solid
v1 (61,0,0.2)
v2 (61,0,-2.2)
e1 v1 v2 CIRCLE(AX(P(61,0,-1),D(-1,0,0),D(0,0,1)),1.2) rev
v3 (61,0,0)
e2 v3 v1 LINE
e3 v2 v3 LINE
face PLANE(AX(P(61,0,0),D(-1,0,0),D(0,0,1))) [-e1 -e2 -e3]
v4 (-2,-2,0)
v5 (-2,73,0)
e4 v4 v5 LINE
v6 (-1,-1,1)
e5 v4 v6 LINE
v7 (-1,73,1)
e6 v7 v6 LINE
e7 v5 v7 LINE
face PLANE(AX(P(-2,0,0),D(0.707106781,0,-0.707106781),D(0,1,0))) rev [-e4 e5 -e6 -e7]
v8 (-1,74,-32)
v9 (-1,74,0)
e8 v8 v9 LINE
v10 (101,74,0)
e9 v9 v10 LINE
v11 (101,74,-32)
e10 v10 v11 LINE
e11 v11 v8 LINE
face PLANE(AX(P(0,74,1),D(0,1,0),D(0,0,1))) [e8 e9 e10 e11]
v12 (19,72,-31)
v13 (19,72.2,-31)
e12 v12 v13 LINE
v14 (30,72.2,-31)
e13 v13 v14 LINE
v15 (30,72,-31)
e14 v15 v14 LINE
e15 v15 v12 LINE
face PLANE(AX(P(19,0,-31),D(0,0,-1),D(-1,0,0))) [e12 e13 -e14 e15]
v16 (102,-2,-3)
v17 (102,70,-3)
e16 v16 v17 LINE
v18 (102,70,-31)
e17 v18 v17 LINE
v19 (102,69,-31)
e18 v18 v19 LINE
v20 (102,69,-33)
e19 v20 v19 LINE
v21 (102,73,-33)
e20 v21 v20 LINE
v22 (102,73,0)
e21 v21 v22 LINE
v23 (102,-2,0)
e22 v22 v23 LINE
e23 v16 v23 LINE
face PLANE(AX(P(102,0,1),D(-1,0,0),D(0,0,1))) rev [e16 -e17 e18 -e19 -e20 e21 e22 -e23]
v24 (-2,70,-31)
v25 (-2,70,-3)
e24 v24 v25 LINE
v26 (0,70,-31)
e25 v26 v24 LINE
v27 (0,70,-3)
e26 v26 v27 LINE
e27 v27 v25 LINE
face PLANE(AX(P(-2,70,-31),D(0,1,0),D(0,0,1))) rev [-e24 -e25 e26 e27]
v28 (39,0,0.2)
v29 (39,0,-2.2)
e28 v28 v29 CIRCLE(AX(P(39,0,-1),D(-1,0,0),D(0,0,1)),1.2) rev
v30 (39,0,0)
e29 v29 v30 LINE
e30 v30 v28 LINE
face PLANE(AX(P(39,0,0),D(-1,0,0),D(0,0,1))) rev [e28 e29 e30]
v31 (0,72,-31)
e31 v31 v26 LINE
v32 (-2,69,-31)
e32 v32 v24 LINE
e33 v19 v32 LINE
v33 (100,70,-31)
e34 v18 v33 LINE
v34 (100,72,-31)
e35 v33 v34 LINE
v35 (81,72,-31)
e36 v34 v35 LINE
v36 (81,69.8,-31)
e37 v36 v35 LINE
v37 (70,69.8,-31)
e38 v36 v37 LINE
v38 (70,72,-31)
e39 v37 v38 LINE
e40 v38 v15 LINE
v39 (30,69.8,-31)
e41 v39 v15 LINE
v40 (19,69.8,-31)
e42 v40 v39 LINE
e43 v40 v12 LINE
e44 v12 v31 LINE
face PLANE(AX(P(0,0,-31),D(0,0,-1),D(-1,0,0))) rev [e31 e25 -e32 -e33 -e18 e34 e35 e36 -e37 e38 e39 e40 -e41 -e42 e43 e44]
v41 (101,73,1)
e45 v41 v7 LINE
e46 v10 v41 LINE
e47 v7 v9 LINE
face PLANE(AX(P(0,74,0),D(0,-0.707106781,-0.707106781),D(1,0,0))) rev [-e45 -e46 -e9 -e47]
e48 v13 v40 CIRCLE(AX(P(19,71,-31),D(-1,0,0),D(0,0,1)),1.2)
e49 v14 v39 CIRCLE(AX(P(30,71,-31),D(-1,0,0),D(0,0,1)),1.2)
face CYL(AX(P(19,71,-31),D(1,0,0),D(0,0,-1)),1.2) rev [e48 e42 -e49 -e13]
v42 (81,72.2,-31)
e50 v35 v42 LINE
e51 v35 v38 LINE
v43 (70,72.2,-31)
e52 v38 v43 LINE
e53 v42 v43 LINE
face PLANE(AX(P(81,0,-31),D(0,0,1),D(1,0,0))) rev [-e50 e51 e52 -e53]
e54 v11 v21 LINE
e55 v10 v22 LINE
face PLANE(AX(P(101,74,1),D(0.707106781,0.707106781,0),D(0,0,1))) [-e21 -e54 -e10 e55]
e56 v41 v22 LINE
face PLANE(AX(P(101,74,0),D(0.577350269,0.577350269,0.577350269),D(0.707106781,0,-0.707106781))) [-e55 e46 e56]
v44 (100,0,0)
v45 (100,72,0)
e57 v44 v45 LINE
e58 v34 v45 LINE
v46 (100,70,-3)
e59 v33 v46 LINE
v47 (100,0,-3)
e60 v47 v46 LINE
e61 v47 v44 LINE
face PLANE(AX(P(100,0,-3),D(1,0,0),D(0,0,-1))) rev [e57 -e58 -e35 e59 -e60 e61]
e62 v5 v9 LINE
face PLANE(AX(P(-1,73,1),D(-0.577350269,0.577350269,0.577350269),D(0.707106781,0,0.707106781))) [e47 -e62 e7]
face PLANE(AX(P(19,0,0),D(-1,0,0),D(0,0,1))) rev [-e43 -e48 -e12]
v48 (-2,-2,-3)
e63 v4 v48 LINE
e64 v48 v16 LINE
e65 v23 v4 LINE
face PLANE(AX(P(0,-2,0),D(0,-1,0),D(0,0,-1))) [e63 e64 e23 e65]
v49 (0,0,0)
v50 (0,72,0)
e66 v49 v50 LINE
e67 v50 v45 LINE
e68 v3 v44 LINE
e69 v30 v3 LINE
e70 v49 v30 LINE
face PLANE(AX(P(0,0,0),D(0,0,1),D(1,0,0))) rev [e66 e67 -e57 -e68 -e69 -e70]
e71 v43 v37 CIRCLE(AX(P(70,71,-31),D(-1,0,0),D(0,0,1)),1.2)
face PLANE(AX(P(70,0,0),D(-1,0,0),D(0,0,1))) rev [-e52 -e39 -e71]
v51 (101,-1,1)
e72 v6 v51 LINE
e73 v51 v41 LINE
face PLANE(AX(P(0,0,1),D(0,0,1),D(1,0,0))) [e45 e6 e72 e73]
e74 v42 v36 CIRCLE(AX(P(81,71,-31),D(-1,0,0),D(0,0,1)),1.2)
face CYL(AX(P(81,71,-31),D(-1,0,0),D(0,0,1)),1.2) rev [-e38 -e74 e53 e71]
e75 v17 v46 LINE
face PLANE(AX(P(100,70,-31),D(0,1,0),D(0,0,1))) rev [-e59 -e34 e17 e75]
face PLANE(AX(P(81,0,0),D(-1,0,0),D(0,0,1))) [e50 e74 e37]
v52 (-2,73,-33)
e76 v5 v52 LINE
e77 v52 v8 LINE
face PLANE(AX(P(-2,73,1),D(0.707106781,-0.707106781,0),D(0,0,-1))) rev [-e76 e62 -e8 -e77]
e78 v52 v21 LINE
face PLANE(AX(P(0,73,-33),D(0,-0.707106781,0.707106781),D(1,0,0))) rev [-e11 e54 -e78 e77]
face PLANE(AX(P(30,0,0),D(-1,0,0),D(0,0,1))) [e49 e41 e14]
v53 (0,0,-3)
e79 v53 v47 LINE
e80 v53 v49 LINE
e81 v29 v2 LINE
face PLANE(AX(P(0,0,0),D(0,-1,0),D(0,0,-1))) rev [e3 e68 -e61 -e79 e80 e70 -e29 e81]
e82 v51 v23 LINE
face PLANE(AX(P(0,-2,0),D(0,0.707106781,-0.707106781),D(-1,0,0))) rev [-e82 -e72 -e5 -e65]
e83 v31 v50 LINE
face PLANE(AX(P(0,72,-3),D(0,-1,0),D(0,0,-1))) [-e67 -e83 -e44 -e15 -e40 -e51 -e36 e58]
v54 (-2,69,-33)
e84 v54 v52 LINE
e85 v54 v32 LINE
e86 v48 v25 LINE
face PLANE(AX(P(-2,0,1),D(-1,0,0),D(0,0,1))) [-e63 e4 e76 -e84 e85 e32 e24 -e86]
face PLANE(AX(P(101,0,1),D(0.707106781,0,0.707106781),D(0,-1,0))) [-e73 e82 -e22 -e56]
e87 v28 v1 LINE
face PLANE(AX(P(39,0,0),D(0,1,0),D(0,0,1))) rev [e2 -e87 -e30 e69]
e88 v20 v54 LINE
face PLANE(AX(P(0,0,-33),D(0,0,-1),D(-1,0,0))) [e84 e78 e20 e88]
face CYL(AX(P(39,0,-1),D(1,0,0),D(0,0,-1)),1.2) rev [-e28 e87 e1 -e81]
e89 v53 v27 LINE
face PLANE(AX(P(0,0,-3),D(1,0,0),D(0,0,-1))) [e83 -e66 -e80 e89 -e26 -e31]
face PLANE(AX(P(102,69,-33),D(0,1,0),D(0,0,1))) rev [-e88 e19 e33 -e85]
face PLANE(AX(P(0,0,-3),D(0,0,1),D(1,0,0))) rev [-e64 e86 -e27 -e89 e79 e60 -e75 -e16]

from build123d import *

# Parameters (mm, degrees)
SKETCH1_W               = 104
SKETCH1_H               = 74
BOSS_EXTRUDE1_DEPTH     = 1
BOSS_EXTRUDE2_DEPTH     = 3
BOSS_EXTRUDE3_DEPTH     = 28
SKETCH3_W               = 104
SKETCH3_H               = 4
BOSS_EXTRUDE4_DEPTH     = 2
CUT_EXTRUDE1_DEPTH      = 11
CUT_EXTRUDE1_DEPTH_BACK = 11
CUT_EXTRUDE1_START      = -52
SKETCH5_W               = 104
SKETCH5_H               = 5
BOSS_EXTRUDE6_DEPTH     = 2
CUT_EXTRUDE2_START      = -32
CUT_EXTRUDE2_DEPTH      = 11
CUT_EXTRUDE3_START      = -83
CUT_EXTRUDE3_DEPTH      = 11
CHAMFER2_SIZE           = 1


with BuildPart() as part:
    # Sketch1 → Boss-Extrude1 (new body)
    with BuildSketch(Plane.XY):
        with Locations((50, 37)):
            Rectangle(SKETCH1_W, SKETCH1_H)
    extrude(amount=BOSS_EXTRUDE1_DEPTH)

    # Sketch1<3> → Boss-Extrude2 (add)
    with BuildSketch(Plane.XY):
        Polygon((-2, 74), (-2, 0), (0, 0), (0, 72), (100, 72), (100, 0), (102, 0), (102, 74), align=None)
    extrude(amount=-BOSS_EXTRUDE2_DEPTH)

    # Sketch2 → Boss-Extrude3 (add)
    with BuildSketch(Plane(origin=(0, 0, -3), x_dir=(-1, 0, 0), z_dir=(0, 0, -1))):
        Polygon((-102, 74), (2, 74), (2, 70), (0, 70), (0, 72), (-100, 72), (-100, 70), (-102, 70), align=None)
    extrude(amount=BOSS_EXTRUDE3_DEPTH)

    # Sketch3 → Boss-Extrude4 (add)
    with BuildSketch(Plane.XZ):
        with Locations((50, -1)):
            Rectangle(SKETCH3_W, SKETCH3_H)
    extrude(amount=BOSS_EXTRUDE4_DEPTH)

    # Sketch4 → Cut-Extrude1 (cut, two sides: drawn at the far end of the back side and taken through both)
    with BuildSketch(Plane.ZY.offset(2).offset(CUT_EXTRUDE1_START - CUT_EXTRUDE1_DEPTH_BACK)):
        with BuildLine():
            Line((0.2, 0), (-2.2, 0))
            ThreePointArc((-2.2, 0), (-1, -1.2), (0.2, 0))
        make_face()
    extrude(amount=CUT_EXTRUDE1_DEPTH + CUT_EXTRUDE1_DEPTH_BACK, mode=Mode.SUBTRACT)

    # Sketch5 → Boss-Extrude6 (add)
    with BuildSketch(Plane(origin=(0, 0, -31), x_dir=(-1, 0, 0), z_dir=(0, 0, -1))):
        with Locations((-50, 71.5)):
            Rectangle(SKETCH5_W, SKETCH5_H)
    extrude(amount=BOSS_EXTRUDE6_DEPTH)

    # Sketch6 → Cut-Extrude2 (cut)
    with BuildSketch(Plane.ZY.offset(2).offset(CUT_EXTRUDE2_START)):
        with BuildLine():
            ThreePointArc((-31, 72.2), (-32.2, 71), (-31, 69.8))
            Line((-31, 69.8), (-31, 72.2))
        make_face()
    extrude(amount=CUT_EXTRUDE2_DEPTH, mode=Mode.SUBTRACT)

    # Sketch6<3> → Cut-Extrude3 (cut)
    with BuildSketch(Plane.ZY.offset(2).offset(CUT_EXTRUDE3_START)):
        with BuildLine():
            ThreePointArc((-31, 72.2), (-32.2, 71), (-31, 69.8))
            Line((-31, 69.8), (-31, 72.2))
        make_face()
    extrude(amount=CUT_EXTRUDE3_DEPTH, mode=Mode.SUBTRACT)

    # Chamfer2
    chamfer2_edges = [part.edges().sort_by_distance(p)[0] for p in [
        (102, 36, 1),
        (50, 74, 1),
        (-2, 36, 1),
        (50, -2, 1),
        (50, 74, -33),
        (-2, 74, -16),
        (102, 74, -16),
    ]]
    chamfer(chamfer2_edges, length=CHAMFER2_SIZE)


solid = part.part
